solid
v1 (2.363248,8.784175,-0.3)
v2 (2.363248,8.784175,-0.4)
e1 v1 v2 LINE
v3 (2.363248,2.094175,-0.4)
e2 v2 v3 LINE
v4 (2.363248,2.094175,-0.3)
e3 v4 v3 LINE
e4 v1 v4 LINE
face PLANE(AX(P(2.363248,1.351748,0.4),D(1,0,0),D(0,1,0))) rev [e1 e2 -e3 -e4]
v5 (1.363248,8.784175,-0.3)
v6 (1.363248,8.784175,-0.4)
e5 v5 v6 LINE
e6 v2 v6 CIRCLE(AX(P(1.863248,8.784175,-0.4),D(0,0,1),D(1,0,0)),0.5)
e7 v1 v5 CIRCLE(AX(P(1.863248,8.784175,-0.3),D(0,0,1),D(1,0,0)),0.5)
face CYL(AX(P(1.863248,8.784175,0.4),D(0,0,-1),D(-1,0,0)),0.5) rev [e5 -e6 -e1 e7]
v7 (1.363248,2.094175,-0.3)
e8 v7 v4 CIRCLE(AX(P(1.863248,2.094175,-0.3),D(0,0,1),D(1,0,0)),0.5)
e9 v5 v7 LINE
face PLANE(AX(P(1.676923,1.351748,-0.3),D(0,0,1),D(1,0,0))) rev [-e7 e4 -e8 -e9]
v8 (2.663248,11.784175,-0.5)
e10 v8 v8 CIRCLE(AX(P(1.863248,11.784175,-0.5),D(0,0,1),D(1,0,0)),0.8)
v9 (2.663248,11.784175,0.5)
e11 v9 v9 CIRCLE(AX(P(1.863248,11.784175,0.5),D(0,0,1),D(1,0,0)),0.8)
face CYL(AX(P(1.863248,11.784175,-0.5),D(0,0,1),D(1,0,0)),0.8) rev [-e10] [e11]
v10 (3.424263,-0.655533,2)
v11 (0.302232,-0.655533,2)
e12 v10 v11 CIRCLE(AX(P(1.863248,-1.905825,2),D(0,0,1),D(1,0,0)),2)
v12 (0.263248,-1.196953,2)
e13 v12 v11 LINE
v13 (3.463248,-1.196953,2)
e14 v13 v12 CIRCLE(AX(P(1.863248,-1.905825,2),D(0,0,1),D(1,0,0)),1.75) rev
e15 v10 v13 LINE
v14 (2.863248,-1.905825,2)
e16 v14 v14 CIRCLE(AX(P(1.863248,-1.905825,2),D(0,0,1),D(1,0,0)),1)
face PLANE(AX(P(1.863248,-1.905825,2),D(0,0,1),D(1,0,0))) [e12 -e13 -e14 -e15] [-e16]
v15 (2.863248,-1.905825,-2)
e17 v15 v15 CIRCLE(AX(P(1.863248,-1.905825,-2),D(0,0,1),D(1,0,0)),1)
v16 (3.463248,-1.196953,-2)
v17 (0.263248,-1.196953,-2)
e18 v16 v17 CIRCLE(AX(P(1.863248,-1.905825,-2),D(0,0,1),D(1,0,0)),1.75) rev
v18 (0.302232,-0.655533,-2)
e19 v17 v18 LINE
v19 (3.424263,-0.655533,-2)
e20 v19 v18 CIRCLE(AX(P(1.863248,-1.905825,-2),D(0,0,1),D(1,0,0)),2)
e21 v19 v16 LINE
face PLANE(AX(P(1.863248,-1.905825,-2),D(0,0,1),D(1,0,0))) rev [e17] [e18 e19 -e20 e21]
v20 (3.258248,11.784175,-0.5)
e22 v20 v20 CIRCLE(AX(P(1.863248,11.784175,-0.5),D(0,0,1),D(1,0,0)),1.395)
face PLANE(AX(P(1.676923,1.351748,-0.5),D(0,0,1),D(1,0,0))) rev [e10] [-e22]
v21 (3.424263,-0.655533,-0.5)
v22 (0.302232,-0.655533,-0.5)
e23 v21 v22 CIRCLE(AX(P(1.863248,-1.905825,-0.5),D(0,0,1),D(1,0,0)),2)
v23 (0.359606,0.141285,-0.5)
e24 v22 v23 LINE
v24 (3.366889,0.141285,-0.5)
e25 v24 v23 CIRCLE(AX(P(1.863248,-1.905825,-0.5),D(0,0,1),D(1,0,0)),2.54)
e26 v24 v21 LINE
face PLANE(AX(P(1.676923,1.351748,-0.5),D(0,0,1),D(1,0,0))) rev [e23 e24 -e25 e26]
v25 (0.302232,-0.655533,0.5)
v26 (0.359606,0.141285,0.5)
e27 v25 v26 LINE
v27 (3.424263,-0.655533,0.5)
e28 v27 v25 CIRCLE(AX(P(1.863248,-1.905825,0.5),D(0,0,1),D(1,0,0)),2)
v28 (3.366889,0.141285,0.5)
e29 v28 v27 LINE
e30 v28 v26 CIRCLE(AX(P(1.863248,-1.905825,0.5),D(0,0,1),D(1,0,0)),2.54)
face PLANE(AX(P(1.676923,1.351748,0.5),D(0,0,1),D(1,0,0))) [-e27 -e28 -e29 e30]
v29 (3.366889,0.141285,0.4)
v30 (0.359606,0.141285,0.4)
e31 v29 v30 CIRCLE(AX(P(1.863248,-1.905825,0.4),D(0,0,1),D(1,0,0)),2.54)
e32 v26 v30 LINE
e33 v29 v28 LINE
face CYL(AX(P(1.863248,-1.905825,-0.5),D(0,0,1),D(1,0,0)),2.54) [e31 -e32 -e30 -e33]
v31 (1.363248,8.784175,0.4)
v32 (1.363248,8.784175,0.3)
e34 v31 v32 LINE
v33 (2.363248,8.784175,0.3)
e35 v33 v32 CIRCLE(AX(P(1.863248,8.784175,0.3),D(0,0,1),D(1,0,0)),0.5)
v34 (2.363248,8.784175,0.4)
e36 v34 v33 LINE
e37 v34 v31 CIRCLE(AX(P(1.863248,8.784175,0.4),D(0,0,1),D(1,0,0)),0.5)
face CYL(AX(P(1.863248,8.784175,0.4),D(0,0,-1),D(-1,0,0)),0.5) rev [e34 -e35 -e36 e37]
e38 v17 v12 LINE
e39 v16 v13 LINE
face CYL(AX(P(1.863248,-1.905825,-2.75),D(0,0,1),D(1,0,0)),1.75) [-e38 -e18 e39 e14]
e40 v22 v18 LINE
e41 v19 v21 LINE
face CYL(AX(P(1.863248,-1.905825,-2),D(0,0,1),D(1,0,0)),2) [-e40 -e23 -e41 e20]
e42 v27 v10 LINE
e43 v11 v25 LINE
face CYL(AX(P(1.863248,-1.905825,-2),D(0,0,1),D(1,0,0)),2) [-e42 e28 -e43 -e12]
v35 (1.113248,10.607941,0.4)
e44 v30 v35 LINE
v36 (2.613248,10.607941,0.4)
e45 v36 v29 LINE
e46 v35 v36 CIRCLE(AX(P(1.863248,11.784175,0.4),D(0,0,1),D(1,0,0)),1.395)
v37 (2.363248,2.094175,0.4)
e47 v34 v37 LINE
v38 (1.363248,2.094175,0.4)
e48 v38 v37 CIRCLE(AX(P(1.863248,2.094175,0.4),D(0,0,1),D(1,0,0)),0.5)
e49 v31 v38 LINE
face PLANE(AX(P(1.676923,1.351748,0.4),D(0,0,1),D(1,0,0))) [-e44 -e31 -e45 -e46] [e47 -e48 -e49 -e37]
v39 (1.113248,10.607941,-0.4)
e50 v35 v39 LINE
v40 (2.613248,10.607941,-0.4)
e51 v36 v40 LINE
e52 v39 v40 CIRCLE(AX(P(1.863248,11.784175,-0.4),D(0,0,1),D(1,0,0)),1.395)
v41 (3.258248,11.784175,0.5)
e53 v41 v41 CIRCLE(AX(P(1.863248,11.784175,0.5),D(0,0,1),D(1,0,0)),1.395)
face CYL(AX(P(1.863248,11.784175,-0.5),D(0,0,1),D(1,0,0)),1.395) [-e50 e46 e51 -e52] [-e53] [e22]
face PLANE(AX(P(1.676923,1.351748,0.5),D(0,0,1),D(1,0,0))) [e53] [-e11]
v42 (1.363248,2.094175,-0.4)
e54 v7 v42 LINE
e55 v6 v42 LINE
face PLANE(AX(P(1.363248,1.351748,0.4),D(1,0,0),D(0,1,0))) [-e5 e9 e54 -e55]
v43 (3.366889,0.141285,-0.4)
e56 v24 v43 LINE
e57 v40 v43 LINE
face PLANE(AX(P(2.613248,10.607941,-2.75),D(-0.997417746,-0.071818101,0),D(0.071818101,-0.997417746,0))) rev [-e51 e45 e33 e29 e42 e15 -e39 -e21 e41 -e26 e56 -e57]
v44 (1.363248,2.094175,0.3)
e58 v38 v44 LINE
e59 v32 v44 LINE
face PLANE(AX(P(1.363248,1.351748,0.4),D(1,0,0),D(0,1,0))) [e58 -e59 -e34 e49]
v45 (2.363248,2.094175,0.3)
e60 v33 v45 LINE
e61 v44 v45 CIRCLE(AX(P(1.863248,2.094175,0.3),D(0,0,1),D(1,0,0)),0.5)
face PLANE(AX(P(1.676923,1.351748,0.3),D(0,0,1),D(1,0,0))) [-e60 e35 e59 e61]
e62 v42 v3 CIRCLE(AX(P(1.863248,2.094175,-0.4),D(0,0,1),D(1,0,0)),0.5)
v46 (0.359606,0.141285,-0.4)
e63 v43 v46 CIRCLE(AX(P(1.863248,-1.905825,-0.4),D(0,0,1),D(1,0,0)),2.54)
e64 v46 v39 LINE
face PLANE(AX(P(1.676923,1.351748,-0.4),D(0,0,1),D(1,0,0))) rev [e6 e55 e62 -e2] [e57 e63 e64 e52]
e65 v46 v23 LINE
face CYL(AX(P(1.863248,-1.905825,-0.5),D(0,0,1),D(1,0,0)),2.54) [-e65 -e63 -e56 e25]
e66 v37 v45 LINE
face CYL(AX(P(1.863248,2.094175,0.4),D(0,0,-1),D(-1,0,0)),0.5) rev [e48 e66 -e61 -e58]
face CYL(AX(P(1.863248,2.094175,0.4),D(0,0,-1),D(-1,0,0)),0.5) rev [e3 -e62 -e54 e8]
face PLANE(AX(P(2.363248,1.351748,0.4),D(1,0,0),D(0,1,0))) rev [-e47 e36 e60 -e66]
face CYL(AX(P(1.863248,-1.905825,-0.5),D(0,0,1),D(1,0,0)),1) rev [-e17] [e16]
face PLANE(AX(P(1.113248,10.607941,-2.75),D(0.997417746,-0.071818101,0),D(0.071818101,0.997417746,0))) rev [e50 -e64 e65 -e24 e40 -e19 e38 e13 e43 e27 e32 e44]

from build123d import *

# Parameters (mm, degrees)
SKETCH1_R                = 13.95
SKETCH1_R_2              = 8
BOSS_EXTRUDE1_DEPTH      = 5
SKETCH1_R_3              = 25.4
SKETCH1_R_4              = 10
BOSS_EXTRUDE1_2_DEPTH    = 5
BOSS_EXTRUDE2_DEPTH      = 4
BOSS_EXTRUDE3_DEPTH      = 3
BOSS_EXTRUDE4_DEPTH      = 15
BOSS_EXTRUDE4_DEPTH_BACK = 25
SKETCH3_R                = 20
SKETCH3_R_2              = 10
CUT_EXTRUDE1_DEPTH       = 27.5
SCALE2_SCALE             = 0.1


with BuildPart() as part:
    # Sketch1 → Boss-Extrude1 (new, symmetric)
    with BuildSketch(Plane.XY):
        with Locations((1.863247881, 104.324265103)):
            Circle(SKETCH1_R)
        with Locations((1.863247881, 104.324265103)):
            Circle(SKETCH1_R_2, mode=Mode.SUBTRACT)
    extrude(amount=BOSS_EXTRUDE1_DEPTH, both=True)



with BuildPart() as body_2:
    # Sketch1 → Boss-Extrude1 2 (new, symmetric)
    with BuildSketch(Plane.XY):
        with Locations((1.863247881, -32.575734897)):
            Circle(SKETCH1_R_3)
        with Locations((1.863247881, -32.575734897)):
            Circle(SKETCH1_R_4, mode=Mode.SUBTRACT)
    extrude(amount=BOSS_EXTRUDE1_2_DEPTH, both=True)


with BuildPart() as part_1:
    add(part.part)

    add(body_2.part)  # Boss-Extrude2 merges body 2
    # Sketch1<3> → Boss-Extrude2 (add, symmetric)
    with BuildSketch(Plane.XY):
        with BuildLine():
            ThreePointArc((9.363247881, 92.561931151), (1.863247881, 90.374265103), (-5.636752119, 92.561931151))
            Line((-5.636752119, 92.561931151), (-14.636752119, -13.264857133))
            ThreePointArc((-14.636752119, -13.264857133), (1.863247881, -7.175734897), (18.363247881, -13.264857133))
            Line((18.363247881, -13.264857133), (9.363247881, 92.561931151))
        make_face()
        with BuildLine():
            ThreePointArc((-3.136752119, 74.324265103), (1.863247881, 79.324265103), (6.863247881, 74.324265103))
            Line((6.863247881, 74.324265103), (6.863247881, 7.424265103))
            ThreePointArc((6.863247881, 7.424265103), (1.863247881, 2.424265103), (-3.136752119, 7.424265103))
            Line((-3.136752119, 7.424265103), (-3.136752119, 74.324265103))
        make_face(mode=Mode.SUBTRACT)
    extrude(amount=BOSS_EXTRUDE2_DEPTH, both=True)

    # Sketch1<4> → Boss-Extrude3 (add, symmetric)
    with BuildSketch(Plane.XY):
        with BuildLine():
            Line((6.863247881, 7.424265103), (6.863247881, 74.324265103))
            ThreePointArc((6.863247881, 74.324265103), (1.863247881, 79.324265103), (-3.136752119, 74.324265103))
            Line((-3.136752119, 74.324265103), (-3.136752119, 7.424265103))
            ThreePointArc((-3.136752119, 7.424265103), (1.863247881, 2.424265103), (6.863247881, 7.424265103))
        make_face()
    extrude(amount=BOSS_EXTRUDE3_DEPTH, both=True)

    # Sketch3 → Boss-Extrude4 (add, two sides: drawn at the far end of the back side and taken through both)
    with BuildSketch(Plane.XY.offset(5).offset(-BOSS_EXTRUDE4_DEPTH_BACK)):
        with Locations((1.863247881, -32.575734897)):
            Circle(SKETCH3_R)
        with Locations((1.863247881, -32.575734897)):
            Circle(SKETCH3_R_2, mode=Mode.SUBTRACT)
    extrude(amount=BOSS_EXTRUDE4_DEPTH + BOSS_EXTRUDE4_DEPTH_BACK)

    # Sketch4 → Cut-Extrude1 (cut, symmetric)
    with BuildSketch(Plane.XY):
        with BuildLine():
            Line((-5.636752119, 92.561931151), (-25.096940363, -6.510465862))
            ThreePointArc((-25.096940363, -6.510465862), (1.863247881, -70.075734897), (28.823436125, -6.510465862))
            Line((28.823436125, -6.510465862), (9.363247881, 92.561931151))
            Line((9.363247881, 92.561931151), (17.863247881, -25.487011458))
            ThreePointArc((17.863247881, -25.487011458), (1.863247881, -50.075734897), (-14.136752119, -25.487011458))
            Line((-14.136752119, -25.487011458), (-5.636752119, 92.561931151))
        make_face()
    extrude(amount=CUT_EXTRUDE1_DEPTH, both=True, mode=Mode.SUBTRACT)


with BuildPart() as part_2:
    # Scale2: scaled about (1.863247881, 1.50194237, 0)
    add(part_1.part.scale(SCALE2_SCALE).moved(Location((1.676923093, 1.351748133, 0))))


solid = part_2.part
